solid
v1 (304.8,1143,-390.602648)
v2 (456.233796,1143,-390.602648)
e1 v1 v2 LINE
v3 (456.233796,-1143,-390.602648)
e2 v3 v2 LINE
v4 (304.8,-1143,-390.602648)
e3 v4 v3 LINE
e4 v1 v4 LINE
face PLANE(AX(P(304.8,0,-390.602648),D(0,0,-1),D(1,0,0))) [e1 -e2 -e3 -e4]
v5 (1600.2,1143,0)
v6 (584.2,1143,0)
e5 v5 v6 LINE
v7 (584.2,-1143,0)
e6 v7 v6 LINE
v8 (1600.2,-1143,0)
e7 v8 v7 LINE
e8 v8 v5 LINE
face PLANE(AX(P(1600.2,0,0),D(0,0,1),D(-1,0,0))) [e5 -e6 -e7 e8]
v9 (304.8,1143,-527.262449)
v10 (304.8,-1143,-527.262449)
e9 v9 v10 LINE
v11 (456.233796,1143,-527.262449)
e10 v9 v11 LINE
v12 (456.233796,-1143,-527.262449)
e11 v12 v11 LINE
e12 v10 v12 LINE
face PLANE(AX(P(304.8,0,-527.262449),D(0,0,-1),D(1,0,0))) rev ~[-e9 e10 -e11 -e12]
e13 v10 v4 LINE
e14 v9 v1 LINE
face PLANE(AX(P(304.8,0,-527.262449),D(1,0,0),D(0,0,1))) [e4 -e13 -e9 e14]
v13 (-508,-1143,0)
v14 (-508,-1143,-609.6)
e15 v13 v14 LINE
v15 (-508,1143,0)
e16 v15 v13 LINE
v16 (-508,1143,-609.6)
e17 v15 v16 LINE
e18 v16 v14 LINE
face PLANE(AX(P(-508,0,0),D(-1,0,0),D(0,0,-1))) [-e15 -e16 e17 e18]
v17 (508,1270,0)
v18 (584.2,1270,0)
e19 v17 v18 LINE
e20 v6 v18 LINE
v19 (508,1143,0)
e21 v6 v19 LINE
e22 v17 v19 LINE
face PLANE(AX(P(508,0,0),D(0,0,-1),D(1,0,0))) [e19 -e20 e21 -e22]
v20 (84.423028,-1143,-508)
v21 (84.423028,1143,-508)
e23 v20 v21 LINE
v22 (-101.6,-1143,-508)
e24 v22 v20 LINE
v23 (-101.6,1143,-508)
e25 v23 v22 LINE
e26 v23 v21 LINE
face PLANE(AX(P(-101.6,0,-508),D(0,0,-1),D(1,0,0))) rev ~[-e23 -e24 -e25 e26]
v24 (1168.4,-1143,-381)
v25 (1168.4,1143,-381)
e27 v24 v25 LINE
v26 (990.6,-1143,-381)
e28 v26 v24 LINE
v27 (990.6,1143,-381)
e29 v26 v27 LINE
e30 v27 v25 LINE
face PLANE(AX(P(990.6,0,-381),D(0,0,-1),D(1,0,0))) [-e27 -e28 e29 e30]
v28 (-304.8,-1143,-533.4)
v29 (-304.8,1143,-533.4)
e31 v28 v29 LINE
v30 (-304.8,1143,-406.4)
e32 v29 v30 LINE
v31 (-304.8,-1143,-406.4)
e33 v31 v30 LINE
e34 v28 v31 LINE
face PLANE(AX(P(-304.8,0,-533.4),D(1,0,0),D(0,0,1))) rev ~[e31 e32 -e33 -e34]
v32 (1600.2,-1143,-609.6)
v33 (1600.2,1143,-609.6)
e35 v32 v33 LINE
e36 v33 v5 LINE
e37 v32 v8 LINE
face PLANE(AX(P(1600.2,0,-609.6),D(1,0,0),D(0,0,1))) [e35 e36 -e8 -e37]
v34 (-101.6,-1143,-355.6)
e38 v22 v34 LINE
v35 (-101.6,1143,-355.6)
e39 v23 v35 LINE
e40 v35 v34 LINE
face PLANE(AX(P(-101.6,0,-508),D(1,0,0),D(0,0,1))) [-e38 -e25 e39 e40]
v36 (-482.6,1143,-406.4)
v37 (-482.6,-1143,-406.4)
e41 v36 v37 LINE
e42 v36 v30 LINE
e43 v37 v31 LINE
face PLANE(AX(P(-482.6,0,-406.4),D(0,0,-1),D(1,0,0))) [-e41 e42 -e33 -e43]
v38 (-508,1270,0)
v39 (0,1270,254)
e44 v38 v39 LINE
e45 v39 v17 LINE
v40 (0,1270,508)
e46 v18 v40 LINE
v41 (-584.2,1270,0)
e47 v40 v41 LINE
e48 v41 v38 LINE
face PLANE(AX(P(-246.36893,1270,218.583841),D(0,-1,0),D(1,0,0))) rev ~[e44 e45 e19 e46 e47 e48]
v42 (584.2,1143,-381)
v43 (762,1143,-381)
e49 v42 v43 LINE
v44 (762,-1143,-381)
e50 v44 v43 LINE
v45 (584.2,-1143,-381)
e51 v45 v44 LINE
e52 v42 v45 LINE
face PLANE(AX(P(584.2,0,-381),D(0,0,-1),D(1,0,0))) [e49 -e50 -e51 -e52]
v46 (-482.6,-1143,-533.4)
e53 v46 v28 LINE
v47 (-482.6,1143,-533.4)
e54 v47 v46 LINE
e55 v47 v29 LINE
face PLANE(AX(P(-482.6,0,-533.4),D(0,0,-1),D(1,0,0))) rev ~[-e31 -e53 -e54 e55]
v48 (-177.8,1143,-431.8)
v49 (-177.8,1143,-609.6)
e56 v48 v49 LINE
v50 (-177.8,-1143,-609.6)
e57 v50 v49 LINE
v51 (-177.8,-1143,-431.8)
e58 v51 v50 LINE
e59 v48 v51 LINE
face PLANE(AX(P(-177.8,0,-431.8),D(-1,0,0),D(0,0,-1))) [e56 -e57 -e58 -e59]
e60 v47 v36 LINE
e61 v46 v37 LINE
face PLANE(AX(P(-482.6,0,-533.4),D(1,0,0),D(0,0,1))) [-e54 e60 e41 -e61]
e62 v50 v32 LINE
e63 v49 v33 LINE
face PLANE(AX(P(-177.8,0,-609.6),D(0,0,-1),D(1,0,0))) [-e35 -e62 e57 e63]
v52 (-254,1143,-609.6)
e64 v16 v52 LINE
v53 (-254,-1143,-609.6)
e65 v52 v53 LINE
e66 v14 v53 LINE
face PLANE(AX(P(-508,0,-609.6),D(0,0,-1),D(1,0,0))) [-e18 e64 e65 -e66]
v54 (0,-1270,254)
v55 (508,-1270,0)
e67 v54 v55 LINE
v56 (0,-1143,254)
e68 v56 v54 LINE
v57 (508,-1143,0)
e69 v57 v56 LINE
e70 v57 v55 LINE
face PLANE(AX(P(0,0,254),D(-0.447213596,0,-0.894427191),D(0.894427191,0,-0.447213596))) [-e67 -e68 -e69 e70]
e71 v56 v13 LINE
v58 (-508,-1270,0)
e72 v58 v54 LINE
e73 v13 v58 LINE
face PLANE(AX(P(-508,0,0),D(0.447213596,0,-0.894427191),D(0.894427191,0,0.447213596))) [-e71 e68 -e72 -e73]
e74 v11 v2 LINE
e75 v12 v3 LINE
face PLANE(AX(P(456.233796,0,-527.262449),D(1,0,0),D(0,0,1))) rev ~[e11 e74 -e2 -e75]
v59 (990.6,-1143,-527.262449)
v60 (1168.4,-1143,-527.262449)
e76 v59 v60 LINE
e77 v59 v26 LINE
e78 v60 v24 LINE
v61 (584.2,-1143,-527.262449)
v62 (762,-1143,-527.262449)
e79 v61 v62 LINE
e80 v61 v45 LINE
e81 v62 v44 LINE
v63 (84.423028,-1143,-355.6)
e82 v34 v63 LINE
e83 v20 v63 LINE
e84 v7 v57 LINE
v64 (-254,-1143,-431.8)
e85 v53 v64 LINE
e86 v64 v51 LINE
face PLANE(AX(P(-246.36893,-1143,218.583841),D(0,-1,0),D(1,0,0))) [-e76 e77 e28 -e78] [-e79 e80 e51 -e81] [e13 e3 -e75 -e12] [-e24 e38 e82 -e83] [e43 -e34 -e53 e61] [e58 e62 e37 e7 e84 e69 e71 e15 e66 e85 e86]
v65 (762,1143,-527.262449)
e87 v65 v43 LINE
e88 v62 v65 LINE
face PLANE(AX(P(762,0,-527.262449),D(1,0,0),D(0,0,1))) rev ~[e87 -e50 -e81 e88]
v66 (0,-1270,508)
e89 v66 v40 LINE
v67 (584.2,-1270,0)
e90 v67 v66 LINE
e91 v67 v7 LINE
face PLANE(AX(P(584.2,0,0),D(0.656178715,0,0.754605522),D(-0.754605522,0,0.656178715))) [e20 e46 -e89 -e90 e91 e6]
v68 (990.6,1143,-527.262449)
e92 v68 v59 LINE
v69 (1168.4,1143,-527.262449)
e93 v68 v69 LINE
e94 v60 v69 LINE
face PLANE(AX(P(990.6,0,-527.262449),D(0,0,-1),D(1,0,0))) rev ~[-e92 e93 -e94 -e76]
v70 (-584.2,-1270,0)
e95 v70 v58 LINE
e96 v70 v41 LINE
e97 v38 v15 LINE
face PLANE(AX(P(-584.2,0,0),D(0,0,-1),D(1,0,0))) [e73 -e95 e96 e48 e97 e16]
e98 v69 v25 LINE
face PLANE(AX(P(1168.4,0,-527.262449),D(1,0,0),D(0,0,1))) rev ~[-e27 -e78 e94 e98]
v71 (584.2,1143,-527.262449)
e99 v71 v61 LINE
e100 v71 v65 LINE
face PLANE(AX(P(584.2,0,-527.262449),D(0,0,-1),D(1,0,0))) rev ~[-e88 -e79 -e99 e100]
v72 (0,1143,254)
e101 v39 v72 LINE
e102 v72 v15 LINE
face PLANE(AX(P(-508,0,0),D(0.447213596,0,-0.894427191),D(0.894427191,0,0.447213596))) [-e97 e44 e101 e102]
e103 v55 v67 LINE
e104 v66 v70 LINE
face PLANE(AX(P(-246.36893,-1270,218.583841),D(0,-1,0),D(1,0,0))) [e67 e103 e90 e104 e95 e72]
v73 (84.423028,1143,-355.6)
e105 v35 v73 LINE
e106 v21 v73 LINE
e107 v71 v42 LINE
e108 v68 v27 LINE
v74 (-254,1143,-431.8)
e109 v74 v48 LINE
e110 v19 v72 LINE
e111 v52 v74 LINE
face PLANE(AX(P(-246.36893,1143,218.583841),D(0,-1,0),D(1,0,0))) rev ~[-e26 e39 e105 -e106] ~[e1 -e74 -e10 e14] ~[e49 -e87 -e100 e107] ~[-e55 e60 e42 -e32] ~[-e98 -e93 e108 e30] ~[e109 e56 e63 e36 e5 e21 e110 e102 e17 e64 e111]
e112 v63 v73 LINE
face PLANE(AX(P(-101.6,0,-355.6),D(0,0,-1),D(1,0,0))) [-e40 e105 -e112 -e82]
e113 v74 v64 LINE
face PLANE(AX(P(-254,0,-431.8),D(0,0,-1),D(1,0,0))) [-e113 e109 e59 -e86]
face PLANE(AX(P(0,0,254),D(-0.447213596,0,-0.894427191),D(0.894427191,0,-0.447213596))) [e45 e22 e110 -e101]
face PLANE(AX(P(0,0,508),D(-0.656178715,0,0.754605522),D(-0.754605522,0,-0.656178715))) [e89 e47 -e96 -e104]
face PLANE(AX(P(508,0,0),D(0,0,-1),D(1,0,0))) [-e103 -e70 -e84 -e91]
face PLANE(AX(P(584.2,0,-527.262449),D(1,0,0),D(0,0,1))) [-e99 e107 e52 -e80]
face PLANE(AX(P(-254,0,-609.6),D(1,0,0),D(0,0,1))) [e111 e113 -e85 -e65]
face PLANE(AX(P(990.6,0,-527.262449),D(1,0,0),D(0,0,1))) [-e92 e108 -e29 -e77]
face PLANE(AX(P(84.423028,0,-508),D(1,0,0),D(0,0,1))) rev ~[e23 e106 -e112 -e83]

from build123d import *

# Parameters (mm, degrees)
F1_DEPTH = 1270
F0_W     = 177.8
F0_H     = 127
F0_W_2   = 186.0230279326
F0_H_2   = 152.4
F0_W_3   = 151.4337956905
F0_H_3   = 136.6598010063
F0_H_4   = 146.2624492645
F2_DEPTH = 1143


with BuildPart() as f1:
    # F0 (on Front) → F1 (new body, symmetric)
    with BuildSketch(Plane.XZ):
        Polygon((-584.2, 0), (-508, 0), (0, 254), (0, 508), align=None)
        Polygon((0, 254), (508, 0), (584.2, 0), (0, 508), align=None)
    extrude(amount=F1_DEPTH, both=True)

    # F0 (on Front) → F2 (join, symmetric)
    with BuildSketch(Plane.XZ):
        Polygon((-584.2, 0), (-508, 0), (0, 254), (0, 508), align=None)
        Polygon((0, 254), (508, 0), (584.2, 0), (0, 508), align=None)
        Polygon((0, 254), (0, 0), (508, 0), align=None)
        Polygon((-508, 0), (0, 0), (0, 254), align=None)
        Polygon((508, 0), (0, 0), (-508, 0), (-508, -609.6), (-254, -609.6), (-254, -431.8), (-177.8, -431.8), (-177.8, -609.6), (508, -609.6), align=None)
        with Locations((-393.7, -469.9)):
            Rectangle(F0_W, F0_H, mode=Mode.SUBTRACT)
        with Locations((-8.5884860337, -431.8)):
            Rectangle(F0_W_2, F0_H_2, mode=Mode.SUBTRACT)
        with Locations((380.5168978453, -458.9325487614)):
            Rectangle(F0_W_3, F0_H_3, mode=Mode.SUBTRACT)
        Polygon((584.2, 0), (508, 0), (508, -609.6), (1600.2, -609.6), (1600.2, 0), align=None)
        with Locations((673.1, -454.1312246323)):
            Rectangle(F0_W, F0_H_4, mode=Mode.SUBTRACT)
        with Locations((1079.5, -454.1312246323)):
            Rectangle(F0_W, F0_H_4, mode=Mode.SUBTRACT)
    extrude(amount=F2_DEPTH, both=True)


solid = f1.part
